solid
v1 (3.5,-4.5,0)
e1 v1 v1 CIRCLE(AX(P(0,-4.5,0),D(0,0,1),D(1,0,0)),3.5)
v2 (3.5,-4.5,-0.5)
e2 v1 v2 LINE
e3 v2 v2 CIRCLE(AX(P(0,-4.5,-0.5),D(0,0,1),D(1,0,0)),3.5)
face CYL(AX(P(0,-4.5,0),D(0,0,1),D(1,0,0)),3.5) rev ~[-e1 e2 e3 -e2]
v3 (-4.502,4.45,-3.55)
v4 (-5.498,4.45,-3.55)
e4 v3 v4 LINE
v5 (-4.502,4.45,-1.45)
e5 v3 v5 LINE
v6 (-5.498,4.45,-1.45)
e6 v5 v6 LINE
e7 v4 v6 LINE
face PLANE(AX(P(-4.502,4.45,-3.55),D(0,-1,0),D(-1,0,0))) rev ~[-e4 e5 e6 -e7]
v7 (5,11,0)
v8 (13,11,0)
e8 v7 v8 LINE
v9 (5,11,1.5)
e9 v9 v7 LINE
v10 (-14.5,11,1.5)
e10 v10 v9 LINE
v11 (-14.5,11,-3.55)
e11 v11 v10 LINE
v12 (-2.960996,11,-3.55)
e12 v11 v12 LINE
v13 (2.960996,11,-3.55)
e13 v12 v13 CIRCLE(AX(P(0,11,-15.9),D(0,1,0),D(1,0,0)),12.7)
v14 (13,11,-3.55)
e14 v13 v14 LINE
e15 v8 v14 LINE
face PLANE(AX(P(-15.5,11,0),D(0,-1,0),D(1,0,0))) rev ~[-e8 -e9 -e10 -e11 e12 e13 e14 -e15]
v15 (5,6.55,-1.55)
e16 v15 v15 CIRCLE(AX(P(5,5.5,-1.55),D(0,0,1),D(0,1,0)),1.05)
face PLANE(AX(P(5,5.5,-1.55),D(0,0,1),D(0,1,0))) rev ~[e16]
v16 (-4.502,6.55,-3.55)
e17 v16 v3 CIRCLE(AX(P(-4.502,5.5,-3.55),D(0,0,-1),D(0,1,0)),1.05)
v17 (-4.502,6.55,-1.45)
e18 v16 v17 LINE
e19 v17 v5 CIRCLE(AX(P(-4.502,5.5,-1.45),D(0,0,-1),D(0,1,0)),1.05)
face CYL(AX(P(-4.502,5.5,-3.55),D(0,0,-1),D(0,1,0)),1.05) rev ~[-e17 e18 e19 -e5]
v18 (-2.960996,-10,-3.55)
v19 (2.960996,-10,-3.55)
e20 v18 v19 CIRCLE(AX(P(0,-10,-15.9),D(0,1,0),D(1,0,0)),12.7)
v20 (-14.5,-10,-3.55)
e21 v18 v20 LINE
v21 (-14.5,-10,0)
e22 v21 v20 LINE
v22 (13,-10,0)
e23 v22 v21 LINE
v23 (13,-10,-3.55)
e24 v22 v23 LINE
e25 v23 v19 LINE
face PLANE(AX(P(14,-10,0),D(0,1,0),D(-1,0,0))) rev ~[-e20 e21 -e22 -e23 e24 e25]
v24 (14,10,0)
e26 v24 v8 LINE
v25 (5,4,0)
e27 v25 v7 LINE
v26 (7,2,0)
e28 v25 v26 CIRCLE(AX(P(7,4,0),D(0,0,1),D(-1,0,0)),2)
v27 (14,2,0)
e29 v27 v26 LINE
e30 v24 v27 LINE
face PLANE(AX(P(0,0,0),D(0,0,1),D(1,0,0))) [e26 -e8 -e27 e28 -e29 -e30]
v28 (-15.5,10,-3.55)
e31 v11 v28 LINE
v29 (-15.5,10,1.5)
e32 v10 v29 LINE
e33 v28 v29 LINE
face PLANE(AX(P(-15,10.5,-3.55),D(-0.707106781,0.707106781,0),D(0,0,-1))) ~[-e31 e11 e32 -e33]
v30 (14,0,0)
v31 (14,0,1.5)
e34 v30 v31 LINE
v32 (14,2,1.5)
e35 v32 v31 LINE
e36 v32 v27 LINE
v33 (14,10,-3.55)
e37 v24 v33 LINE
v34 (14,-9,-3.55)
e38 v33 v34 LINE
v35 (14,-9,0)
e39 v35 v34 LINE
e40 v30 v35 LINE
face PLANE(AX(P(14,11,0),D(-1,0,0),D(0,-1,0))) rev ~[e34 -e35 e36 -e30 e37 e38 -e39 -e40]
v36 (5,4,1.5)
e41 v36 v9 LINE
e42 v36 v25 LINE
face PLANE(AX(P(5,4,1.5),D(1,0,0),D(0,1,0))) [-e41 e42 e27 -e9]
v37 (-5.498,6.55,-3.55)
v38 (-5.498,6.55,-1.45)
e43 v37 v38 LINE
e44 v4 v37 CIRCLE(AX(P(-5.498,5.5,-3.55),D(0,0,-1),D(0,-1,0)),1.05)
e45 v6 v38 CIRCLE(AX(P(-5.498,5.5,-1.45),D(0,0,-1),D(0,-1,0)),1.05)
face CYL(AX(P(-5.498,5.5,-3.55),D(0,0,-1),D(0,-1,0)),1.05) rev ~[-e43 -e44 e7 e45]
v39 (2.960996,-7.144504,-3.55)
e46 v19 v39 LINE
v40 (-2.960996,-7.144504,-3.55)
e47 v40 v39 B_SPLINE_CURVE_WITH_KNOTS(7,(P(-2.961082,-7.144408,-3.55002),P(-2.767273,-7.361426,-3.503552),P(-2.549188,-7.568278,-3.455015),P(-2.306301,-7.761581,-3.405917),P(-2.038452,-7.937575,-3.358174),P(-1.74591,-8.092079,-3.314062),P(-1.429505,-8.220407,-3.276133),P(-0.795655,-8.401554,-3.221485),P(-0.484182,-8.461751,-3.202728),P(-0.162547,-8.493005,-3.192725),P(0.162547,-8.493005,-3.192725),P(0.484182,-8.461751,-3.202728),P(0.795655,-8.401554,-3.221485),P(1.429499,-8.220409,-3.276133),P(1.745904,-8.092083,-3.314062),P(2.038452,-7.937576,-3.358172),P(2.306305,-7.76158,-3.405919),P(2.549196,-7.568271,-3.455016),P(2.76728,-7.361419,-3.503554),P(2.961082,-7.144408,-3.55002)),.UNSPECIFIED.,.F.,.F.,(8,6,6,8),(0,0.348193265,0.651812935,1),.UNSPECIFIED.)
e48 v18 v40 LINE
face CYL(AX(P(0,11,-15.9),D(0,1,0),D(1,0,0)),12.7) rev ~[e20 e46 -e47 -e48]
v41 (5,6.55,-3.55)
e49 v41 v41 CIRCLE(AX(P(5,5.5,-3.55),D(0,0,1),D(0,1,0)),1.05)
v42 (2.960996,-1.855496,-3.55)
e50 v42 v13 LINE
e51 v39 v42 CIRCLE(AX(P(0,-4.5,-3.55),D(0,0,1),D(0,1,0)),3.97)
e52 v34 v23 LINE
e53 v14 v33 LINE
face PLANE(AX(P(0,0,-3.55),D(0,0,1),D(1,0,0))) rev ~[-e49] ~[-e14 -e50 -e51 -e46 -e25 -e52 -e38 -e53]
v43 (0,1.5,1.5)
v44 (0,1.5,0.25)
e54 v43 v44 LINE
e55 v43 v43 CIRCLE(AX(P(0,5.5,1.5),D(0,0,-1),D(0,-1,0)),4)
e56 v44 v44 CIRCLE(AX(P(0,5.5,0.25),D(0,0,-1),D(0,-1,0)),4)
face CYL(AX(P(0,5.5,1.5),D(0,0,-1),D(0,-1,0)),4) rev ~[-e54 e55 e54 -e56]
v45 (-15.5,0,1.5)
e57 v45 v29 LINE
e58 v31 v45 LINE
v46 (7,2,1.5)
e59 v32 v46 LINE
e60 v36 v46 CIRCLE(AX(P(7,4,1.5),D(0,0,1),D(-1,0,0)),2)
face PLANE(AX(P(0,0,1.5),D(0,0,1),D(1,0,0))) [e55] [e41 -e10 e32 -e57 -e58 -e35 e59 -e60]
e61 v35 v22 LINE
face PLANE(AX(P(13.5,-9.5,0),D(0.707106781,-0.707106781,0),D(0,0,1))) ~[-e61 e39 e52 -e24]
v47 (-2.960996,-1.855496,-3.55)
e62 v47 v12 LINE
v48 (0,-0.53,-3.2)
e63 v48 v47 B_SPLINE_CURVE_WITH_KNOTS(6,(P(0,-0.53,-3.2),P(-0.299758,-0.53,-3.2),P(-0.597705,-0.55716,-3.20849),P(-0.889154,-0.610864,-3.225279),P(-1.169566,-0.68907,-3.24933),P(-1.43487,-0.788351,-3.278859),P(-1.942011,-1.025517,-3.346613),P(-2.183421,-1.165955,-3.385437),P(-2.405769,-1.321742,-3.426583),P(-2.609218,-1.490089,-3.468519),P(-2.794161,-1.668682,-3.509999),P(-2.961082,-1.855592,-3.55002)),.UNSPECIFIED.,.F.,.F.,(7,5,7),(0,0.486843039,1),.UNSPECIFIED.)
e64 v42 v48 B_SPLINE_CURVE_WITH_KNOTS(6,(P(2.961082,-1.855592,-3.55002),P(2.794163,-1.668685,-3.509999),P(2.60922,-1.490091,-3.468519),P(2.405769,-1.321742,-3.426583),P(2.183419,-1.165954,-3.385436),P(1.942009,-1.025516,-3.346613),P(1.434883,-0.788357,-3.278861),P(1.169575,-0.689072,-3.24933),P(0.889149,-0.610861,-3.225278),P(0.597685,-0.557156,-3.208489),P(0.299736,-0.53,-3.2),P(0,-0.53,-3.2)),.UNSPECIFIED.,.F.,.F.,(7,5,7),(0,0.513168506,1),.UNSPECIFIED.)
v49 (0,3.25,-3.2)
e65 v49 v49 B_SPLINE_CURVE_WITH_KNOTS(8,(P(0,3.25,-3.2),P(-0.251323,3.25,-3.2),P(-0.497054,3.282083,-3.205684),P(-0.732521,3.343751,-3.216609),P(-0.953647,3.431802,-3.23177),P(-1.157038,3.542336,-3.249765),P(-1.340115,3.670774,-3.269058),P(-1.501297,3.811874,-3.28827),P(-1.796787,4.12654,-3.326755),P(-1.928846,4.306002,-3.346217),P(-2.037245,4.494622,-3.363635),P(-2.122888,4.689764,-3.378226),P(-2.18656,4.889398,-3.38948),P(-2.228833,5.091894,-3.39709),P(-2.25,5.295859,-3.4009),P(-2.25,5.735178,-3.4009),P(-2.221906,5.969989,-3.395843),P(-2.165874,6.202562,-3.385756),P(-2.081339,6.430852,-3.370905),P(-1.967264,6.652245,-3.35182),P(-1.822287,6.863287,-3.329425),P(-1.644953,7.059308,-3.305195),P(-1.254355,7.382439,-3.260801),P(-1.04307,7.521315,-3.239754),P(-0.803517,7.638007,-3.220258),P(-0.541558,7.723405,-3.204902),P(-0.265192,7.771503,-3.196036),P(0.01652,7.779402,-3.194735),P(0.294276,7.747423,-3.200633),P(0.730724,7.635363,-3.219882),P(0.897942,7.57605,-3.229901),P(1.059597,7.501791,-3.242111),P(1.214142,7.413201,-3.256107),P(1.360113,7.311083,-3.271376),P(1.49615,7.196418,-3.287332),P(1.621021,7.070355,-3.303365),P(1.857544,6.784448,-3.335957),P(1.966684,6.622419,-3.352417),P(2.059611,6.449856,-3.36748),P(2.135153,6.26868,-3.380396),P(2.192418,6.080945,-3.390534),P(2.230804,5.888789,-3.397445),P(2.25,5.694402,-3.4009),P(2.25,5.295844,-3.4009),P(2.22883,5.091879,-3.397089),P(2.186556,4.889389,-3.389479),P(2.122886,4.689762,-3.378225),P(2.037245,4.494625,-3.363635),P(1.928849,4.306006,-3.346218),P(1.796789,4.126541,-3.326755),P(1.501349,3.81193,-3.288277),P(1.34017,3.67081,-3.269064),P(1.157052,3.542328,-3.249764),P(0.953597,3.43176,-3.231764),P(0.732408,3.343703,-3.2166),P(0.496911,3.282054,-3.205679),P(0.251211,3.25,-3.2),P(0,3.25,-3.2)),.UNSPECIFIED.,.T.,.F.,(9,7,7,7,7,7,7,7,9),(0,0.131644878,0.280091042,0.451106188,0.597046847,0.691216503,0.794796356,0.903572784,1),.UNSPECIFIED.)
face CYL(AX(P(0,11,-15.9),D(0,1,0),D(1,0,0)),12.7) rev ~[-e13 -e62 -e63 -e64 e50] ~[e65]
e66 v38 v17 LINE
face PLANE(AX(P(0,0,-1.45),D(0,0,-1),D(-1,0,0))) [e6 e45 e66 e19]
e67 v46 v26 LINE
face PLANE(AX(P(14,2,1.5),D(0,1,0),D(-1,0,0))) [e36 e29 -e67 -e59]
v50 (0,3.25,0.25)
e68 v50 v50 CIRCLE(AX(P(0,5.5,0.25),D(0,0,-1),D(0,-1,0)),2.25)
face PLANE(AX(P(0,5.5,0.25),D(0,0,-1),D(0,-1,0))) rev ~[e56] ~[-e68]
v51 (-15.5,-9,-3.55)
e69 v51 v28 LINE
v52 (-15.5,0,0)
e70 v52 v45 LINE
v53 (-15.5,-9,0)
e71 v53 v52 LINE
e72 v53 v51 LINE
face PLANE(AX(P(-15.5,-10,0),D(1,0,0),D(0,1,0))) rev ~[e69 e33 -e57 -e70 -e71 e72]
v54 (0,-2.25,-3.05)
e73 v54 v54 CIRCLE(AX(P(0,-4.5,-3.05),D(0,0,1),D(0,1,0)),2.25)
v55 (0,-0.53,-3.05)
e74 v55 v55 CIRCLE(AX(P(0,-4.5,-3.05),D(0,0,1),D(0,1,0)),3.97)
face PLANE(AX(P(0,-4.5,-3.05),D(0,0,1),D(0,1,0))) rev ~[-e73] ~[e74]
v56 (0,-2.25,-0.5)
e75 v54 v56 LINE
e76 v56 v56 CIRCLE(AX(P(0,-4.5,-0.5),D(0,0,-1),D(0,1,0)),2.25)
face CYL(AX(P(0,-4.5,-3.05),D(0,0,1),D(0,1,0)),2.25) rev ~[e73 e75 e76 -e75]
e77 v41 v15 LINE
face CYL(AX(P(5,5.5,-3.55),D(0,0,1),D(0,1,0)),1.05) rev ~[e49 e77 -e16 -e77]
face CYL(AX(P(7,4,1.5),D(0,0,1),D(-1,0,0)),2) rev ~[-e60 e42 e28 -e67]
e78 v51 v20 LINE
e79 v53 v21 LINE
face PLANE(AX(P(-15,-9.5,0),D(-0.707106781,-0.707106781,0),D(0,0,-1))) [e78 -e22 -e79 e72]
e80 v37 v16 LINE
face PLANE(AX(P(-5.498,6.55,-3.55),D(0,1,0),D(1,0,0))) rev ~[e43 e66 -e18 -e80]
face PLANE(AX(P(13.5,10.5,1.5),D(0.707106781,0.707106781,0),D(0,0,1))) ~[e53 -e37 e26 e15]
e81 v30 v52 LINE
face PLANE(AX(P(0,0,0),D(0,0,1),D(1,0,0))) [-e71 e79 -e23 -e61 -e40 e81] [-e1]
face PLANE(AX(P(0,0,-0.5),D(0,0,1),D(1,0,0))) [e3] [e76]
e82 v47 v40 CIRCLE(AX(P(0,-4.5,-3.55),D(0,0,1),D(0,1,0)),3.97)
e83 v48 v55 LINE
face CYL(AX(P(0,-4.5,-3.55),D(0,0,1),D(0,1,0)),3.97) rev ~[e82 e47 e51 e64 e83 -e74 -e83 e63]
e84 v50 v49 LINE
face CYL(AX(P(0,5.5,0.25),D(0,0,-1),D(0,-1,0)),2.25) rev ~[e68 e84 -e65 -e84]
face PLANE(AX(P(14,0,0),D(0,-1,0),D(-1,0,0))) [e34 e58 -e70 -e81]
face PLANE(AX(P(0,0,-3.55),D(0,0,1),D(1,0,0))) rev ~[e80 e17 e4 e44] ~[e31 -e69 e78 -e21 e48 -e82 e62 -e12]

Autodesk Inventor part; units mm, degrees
ref_plane "YZ Plane" through (0, 0, 0) normal (1, 0, 0) x (0, 1, 0)
ref_plane "XZ Plane" through (0, 0, 0) normal (0, 1, 0) x (-1, 0, 0)
ref_plane "XY Plane" through (0, 0, 0) normal (0, 0, 1) x (1, 0, 0)
sketch "Sketch1" plane through (0, 0, 0) normal (0, 0, 1) x (1, 0, 0)
  line L0 (-15.5, 11) -> (14, 11)
  line L1 (14, 11) -> (14, -10)
  line L2 (14, -10) -> (-15.5, -10)
  line L3 (-15.5, -10) -> (-15.5, 11)
  point P0 (0, 0)
  dimension "d0" = 29.5
  dimension "d1" = 21
  dimension "d2" = 10
  dimension "d3" = 14
extrude "Extrusion1" add sketch "Sketch1" against normal blind 3.55
sketch "Sketch2" plane through (0, 0, 0) normal (0, 0, 1) x (1, 0, 0)
  line L0 (-15.5, 11) -> (14, 11)
  line L1 (14, 11) -> (14, 0)
  line L2 (14, 0) -> (-15.5, 0)
  line L3 (-15.5, 0) -> (-15.5, 11)
  line L4 (14, 11) -> (-15.5, 11) projected
  point P0 (0, 0)
  dimension "d6" = 29.5
  dimension "d8" = 0
  dimension "d27" = 0
  dimension "d77" = 14
extrude "Extrusion2" add sketch "Sketch2" along normal blind 1.5
sketch "Sketch3" plane through (0, 0, 1.5) normal (0, 0, 1) x (1, 0, 0)
  line L0 (-15.5, 0) -> (14, 0) projected
  line L1 (14, 11) -> (-15.5, 11) projected
  point P0 (0, 0)
  point P1 (0, 5.5)
  dimension "d12" = 0
  dimension "d28" = 11
  dimension "d29" = 5.5
sketch "Sketch5" plane through (0, 0, -3.55) normal (0, 0, -1) x (-1, 0, 0)
  line L0 (15.5, -10) -> (15.5, 11) projected
  line L1 (-14, 0) -> (15.5, 0) projected
  line L2 (-14, -10) -> (15.5, -10) projected
  line L3 (-14, -10) -> (-14, 0) projected
  point P0 (0, 0)
  point P1 (0, -4.5)
  dimension "d19" = 4.5
  dimension "d78" = 14
hole "Hole1" at (0, -4.5, -3.55) direction (0, 0, 1) diameter 4.5 end through all counterbore diameter 7.94 counterbore depth 0.5 clearance for "Socket Head Cap Screw" size "#8" standard "Ansi Unified Screw Threads"
hole "Hole2" at (0, 5.5, 1.5) direction (0, 0, -1) diameter 4.5 end through all counterbore diameter 8 counterbore depth 1.25 clearance for "Socket Head Cap Screw" size "#8" standard "Ansi Unified Screw Threads"
sketch "Sketch6" plane through (0, 0, -3.55) normal (0, 0, -1) x (-1, 0, 0)
  line L0 (5.498, 5.5) -> (4.502, 5.5) construction
  line L1 (5.498, 6.55) -> (4.502, 6.55)
  line L2 (4.502, 4.45) -> (5.498, 4.45)
  arc A0 (5.498, 4.45) -> (5.498, 6.55) centre (5.498, 5.5) ccw
  arc A1 (4.502, 6.55) -> (4.502, 4.45) centre (4.502, 5.5) ccw
  point P0 (0, 0)
  point P1 (0, 5.5)
  point P2 (-5, 5.5)
  point P3 (5, 5.5)
  dimension "d37" = 0
  dimension "d38" = 5.5
  dimension "d39" = 0
  dimension "d40" = 5
  dimension "d41" = 0
  dimension "d42" = 5
  dimension "d58" = 1.05
  dimension "d60" = 0.996
hole "Hole3" at (5, 5.5, -3.55) direction (0, 0, 1) diameter 2.1 depth 2
sketch "Sketch8" plane through (0, 0, 0) normal (0, 0, 1) x (1, 0, 0)
  circle A0 centre (0, -4.5) radius 3.5
  circle A1 centre (0, -4.5) radius 2.25 projected
  point P0 (0, 0)
  dimension "d53" = 0
  dimension "d54" = 0
  dimension "d55" = 7
extrude "Extrusion3" cut sketch "Sketch8" against normal blind 0.5
extrude "Extrusion4" cut sketch "Sketch6" against normal blind 2.1
chamfer "Chamfer3" distance 1 angle 45 4 edges at (14, 11, -1.025) (-15.5, 11, -1.025) (14, -10, -1.775) (-15.5, -10, -1.775)
sketch "Sketch9" plane through (-14.5, 11, 1.5) normal (0, 1, 0) x (1, 0, 0)
  circle A0 centre (14.5, 17.4) radius 12.7
  line L0 (27.5, 0) -> (0, 0) projected
  point P0 (14.5, 1.5)
  point P1 (30, 0)
  point P2 (0.5, 0)
  dimension "d72" = 0
  dimension "d73" = 25.4
  dimension "d74" = 17.4
extrude "Extrusion5" cut sketch "Sketch9" against normal up to surface (21 mm away)
sketch "Sketch10" plane through (-14.5, 11, 1.5) normal (0, 1, 0) x (1, 0, 0)
  circle A0 centre (23.017, -3.75) radius 5.25
  line L0 (27.5, 0) -> (0, 0) projected
  point P0 (14.5, 1.5)
  point P1 (19.3428, 0)
  point P2 (26.6912, 0)
  dimension "d79" = 10.5
  dimension "d82" = 3.75
  dimension "d83" = 8.517
extrude "Extrusion6" [suppressed]
sketch "Sketch11" plane through (0, 0, 1.5) normal (0, 0, 1) x (1, 0, 0)
  line L0 (5, 11) -> (14, 11)
  line L1 (14, 11) -> (14, 2)
  line L2 (14, 2) -> (7, 2)
  line L3 (5, 4) -> (5, 11)
  line L4 (13, 11) -> (-14.5, 11) projected
  line L5 (14, 0) -> (14, 10) projected
  line L6 (-15.5, 0) -> (14, 0) projected
  arc A0 (5, 4) -> (7, 2) centre (7, 4) ccw
  point P0 (0, 0)
  point P1 (5, 2)
  point P2 (4.8428, 11)
  point P3 (12.1912, 0)
  dimension "d86" = 0
  dimension "d87" = 0
  dimension "d88" = 9
  dimension "d89" = 2
  dimension "d94" = 2
extrude "Extrusion7" cut sketch "Sketch11" against normal blind 1.5
equation "\"d6\" = d0"
equation "\"d77\" = d3"
equation "\"d29\" = 0.5 * d28"
equation "\"d78\" = d3"
equation "\"d40\" = d42"
properties part number "rd-mount"
